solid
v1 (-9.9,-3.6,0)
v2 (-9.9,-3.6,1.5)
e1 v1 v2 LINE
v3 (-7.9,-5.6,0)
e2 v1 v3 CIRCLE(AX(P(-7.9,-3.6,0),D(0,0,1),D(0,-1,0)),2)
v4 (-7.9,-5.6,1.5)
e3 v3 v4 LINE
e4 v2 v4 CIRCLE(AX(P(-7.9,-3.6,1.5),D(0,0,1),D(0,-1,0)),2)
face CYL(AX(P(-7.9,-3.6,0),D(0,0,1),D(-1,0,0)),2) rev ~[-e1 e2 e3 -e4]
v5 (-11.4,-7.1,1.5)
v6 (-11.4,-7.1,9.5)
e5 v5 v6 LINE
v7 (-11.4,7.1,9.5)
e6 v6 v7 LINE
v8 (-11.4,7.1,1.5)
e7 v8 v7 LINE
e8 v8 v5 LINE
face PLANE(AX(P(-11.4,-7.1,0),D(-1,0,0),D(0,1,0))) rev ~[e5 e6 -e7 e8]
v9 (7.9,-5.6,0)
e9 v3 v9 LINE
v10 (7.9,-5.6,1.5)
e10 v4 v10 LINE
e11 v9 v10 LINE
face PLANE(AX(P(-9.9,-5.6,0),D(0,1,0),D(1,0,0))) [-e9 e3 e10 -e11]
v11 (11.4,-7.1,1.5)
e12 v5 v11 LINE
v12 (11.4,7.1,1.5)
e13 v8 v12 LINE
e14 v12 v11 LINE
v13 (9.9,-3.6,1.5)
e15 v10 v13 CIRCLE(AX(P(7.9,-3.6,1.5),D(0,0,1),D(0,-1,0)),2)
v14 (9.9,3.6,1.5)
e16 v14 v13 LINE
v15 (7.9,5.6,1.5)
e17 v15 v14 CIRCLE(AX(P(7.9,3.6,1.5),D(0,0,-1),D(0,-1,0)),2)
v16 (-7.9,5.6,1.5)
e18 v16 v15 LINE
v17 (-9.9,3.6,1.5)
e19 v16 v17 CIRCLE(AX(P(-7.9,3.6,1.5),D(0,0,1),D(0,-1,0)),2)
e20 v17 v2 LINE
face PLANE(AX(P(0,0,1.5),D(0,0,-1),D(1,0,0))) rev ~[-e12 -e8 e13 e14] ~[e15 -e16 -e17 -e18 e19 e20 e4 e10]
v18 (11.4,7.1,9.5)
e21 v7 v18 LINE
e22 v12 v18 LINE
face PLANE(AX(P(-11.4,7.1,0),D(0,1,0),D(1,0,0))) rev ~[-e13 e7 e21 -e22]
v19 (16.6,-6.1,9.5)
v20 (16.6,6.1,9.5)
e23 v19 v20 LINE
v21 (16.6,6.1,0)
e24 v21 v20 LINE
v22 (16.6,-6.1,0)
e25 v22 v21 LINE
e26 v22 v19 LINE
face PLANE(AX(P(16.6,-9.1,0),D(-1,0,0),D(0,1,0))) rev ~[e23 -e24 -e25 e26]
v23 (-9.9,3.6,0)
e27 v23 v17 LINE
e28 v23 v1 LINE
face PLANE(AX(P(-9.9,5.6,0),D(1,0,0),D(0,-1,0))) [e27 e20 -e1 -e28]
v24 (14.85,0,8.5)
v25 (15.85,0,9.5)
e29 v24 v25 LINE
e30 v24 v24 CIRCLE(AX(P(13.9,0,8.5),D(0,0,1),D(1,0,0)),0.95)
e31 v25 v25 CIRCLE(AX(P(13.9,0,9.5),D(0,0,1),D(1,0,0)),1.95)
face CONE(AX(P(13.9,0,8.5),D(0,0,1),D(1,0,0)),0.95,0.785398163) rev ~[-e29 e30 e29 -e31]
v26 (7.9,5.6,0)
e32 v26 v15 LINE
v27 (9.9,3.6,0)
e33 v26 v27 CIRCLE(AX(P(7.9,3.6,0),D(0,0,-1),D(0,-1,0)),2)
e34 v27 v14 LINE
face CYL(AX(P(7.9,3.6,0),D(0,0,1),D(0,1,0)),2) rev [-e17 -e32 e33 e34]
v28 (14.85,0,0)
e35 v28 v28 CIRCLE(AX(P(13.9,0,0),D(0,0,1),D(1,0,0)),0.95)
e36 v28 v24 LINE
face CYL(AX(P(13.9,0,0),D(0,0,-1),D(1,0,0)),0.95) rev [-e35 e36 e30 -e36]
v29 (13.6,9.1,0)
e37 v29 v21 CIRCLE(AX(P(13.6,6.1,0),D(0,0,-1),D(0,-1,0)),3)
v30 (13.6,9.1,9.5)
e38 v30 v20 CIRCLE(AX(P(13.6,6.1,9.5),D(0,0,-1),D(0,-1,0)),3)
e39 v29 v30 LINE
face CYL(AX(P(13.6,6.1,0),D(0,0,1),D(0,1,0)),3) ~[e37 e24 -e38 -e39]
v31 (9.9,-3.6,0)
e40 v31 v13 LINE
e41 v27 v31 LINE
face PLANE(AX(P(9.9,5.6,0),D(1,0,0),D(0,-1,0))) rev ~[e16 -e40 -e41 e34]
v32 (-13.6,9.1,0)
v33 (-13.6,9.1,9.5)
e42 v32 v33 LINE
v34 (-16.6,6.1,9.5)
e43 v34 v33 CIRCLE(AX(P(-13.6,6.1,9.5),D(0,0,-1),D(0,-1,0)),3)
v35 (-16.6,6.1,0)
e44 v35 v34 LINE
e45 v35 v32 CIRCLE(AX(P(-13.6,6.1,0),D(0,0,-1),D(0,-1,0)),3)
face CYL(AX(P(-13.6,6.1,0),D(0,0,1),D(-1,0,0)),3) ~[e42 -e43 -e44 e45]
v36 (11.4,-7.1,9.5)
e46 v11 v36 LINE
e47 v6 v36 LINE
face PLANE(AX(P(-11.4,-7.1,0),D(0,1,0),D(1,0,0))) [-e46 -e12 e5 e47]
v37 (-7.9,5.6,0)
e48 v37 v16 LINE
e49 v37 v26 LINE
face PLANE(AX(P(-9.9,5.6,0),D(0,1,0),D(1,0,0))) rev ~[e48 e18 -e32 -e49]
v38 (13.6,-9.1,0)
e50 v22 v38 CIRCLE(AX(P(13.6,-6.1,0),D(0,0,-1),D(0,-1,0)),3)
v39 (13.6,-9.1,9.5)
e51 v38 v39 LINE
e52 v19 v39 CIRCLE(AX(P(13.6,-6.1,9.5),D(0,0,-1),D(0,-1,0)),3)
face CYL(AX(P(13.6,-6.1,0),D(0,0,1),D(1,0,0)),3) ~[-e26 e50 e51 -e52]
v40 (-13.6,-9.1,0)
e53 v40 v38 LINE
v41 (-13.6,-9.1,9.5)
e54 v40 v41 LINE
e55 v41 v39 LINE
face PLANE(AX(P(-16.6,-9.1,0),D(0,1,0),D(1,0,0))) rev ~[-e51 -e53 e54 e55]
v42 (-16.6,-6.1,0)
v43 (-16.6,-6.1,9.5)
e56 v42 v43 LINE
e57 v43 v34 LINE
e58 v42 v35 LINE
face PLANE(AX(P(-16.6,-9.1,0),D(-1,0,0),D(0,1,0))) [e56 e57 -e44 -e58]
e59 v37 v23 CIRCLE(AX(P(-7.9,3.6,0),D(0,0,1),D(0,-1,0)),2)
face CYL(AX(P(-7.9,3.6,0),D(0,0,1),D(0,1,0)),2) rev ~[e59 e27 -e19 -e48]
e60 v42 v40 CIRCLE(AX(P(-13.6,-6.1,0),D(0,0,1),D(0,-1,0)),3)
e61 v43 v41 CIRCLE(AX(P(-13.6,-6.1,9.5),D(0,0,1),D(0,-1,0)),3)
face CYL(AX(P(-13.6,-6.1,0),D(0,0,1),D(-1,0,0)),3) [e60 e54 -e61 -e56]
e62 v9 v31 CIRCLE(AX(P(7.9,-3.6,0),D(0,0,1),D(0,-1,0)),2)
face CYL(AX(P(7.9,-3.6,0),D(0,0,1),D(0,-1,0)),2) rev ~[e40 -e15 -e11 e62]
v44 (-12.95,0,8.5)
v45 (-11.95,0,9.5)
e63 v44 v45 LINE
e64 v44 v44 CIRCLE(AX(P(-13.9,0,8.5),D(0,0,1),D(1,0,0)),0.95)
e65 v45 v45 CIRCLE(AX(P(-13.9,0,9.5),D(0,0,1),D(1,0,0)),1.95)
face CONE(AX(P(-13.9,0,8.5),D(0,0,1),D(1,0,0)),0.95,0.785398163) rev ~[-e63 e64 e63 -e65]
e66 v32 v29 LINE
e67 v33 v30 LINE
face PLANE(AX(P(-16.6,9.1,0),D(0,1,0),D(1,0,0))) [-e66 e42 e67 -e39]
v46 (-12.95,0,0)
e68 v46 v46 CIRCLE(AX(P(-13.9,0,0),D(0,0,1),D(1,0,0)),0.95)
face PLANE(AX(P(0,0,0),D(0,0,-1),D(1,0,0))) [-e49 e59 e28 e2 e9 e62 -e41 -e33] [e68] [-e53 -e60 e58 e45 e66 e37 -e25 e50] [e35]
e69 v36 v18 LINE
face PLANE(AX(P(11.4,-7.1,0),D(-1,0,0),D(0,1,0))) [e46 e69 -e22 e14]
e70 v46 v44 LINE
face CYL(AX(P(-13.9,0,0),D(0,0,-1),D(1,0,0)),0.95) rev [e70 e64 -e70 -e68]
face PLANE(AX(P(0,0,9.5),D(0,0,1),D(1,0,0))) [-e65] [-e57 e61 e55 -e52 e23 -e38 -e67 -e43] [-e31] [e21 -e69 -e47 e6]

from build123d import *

# Parameters (mm, degrees)
SKETCH_W      = 33.2
SKETCH_H      = 18.2
SKETCH_R      = 0.95
SKETCH_W_2    = 22.8
SKETCH_H_2    = 14.2
PAD_DEPTH     = 9.5
SKETCH001_W   = 22.8
SKETCH001_H   = 14.2
SKETCH001_W_2 = 19.8
SKETCH001_H_2 = 11.2
PAD001_DEPTH  = 1.5
CHAMFER_SIZE  = 1
FILLET_R      = 2
FILLET001_R   = 3


with BuildPart() as part:
    # Sketch → Pad (new body)
    with BuildSketch(Plane.XY):
        Rectangle(SKETCH_W, SKETCH_H)
        with Locations((-13.9, 0)):
            Circle(SKETCH_R, mode=Mode.SUBTRACT)
        with Locations((13.9, 0)):
            Circle(SKETCH_R, mode=Mode.SUBTRACT)
        Rectangle(SKETCH_W_2, SKETCH_H_2, mode=Mode.SUBTRACT)
    extrude(amount=PAD_DEPTH)

    # Sketch001 (on Face11 of Pad) → Pad001 (join)
    with BuildSketch(Plane(origin=(0, 0, 0), x_dir=(1, 0, 0), z_dir=(0, 0, -1))):
        Rectangle(SKETCH001_W, SKETCH001_H)
        Rectangle(SKETCH001_W_2, SKETCH001_H_2, mode=Mode.SUBTRACT)
    extrude(amount=-PAD001_DEPTH)

    # Chamfer
    chamfer_edges = [part.edges().sort_by_distance(p)[0] for p in [
        (12.95, 0, 9.5),
        (-14.85, 0, 9.5),
    ]]
    chamfer(chamfer_edges, length=CHAMFER_SIZE)

    # Fillet
    fillet_edges = [part.edges().sort_by_distance(p)[0] for p in [
        (9.9, -5.6, 0.75),
        (-9.9, -5.6, 0.75),
        (-9.9, 5.6, 0.75),
        (9.9, 5.6, 0.75),
    ]]
    fillet(fillet_edges, radius=FILLET_R)

    # Fillet001
    fillet001_edges = [part.edges().sort_by_distance(p)[0] for p in [
        (16.6, 9.1, 4.75),
        (-16.6, 9.1, 4.75),
        (16.6, -9.1, 4.75),
        (-16.6, -9.1, 4.75),
    ]]
    fillet(fillet001_edges, radius=FILLET001_R)


solid = part.part
